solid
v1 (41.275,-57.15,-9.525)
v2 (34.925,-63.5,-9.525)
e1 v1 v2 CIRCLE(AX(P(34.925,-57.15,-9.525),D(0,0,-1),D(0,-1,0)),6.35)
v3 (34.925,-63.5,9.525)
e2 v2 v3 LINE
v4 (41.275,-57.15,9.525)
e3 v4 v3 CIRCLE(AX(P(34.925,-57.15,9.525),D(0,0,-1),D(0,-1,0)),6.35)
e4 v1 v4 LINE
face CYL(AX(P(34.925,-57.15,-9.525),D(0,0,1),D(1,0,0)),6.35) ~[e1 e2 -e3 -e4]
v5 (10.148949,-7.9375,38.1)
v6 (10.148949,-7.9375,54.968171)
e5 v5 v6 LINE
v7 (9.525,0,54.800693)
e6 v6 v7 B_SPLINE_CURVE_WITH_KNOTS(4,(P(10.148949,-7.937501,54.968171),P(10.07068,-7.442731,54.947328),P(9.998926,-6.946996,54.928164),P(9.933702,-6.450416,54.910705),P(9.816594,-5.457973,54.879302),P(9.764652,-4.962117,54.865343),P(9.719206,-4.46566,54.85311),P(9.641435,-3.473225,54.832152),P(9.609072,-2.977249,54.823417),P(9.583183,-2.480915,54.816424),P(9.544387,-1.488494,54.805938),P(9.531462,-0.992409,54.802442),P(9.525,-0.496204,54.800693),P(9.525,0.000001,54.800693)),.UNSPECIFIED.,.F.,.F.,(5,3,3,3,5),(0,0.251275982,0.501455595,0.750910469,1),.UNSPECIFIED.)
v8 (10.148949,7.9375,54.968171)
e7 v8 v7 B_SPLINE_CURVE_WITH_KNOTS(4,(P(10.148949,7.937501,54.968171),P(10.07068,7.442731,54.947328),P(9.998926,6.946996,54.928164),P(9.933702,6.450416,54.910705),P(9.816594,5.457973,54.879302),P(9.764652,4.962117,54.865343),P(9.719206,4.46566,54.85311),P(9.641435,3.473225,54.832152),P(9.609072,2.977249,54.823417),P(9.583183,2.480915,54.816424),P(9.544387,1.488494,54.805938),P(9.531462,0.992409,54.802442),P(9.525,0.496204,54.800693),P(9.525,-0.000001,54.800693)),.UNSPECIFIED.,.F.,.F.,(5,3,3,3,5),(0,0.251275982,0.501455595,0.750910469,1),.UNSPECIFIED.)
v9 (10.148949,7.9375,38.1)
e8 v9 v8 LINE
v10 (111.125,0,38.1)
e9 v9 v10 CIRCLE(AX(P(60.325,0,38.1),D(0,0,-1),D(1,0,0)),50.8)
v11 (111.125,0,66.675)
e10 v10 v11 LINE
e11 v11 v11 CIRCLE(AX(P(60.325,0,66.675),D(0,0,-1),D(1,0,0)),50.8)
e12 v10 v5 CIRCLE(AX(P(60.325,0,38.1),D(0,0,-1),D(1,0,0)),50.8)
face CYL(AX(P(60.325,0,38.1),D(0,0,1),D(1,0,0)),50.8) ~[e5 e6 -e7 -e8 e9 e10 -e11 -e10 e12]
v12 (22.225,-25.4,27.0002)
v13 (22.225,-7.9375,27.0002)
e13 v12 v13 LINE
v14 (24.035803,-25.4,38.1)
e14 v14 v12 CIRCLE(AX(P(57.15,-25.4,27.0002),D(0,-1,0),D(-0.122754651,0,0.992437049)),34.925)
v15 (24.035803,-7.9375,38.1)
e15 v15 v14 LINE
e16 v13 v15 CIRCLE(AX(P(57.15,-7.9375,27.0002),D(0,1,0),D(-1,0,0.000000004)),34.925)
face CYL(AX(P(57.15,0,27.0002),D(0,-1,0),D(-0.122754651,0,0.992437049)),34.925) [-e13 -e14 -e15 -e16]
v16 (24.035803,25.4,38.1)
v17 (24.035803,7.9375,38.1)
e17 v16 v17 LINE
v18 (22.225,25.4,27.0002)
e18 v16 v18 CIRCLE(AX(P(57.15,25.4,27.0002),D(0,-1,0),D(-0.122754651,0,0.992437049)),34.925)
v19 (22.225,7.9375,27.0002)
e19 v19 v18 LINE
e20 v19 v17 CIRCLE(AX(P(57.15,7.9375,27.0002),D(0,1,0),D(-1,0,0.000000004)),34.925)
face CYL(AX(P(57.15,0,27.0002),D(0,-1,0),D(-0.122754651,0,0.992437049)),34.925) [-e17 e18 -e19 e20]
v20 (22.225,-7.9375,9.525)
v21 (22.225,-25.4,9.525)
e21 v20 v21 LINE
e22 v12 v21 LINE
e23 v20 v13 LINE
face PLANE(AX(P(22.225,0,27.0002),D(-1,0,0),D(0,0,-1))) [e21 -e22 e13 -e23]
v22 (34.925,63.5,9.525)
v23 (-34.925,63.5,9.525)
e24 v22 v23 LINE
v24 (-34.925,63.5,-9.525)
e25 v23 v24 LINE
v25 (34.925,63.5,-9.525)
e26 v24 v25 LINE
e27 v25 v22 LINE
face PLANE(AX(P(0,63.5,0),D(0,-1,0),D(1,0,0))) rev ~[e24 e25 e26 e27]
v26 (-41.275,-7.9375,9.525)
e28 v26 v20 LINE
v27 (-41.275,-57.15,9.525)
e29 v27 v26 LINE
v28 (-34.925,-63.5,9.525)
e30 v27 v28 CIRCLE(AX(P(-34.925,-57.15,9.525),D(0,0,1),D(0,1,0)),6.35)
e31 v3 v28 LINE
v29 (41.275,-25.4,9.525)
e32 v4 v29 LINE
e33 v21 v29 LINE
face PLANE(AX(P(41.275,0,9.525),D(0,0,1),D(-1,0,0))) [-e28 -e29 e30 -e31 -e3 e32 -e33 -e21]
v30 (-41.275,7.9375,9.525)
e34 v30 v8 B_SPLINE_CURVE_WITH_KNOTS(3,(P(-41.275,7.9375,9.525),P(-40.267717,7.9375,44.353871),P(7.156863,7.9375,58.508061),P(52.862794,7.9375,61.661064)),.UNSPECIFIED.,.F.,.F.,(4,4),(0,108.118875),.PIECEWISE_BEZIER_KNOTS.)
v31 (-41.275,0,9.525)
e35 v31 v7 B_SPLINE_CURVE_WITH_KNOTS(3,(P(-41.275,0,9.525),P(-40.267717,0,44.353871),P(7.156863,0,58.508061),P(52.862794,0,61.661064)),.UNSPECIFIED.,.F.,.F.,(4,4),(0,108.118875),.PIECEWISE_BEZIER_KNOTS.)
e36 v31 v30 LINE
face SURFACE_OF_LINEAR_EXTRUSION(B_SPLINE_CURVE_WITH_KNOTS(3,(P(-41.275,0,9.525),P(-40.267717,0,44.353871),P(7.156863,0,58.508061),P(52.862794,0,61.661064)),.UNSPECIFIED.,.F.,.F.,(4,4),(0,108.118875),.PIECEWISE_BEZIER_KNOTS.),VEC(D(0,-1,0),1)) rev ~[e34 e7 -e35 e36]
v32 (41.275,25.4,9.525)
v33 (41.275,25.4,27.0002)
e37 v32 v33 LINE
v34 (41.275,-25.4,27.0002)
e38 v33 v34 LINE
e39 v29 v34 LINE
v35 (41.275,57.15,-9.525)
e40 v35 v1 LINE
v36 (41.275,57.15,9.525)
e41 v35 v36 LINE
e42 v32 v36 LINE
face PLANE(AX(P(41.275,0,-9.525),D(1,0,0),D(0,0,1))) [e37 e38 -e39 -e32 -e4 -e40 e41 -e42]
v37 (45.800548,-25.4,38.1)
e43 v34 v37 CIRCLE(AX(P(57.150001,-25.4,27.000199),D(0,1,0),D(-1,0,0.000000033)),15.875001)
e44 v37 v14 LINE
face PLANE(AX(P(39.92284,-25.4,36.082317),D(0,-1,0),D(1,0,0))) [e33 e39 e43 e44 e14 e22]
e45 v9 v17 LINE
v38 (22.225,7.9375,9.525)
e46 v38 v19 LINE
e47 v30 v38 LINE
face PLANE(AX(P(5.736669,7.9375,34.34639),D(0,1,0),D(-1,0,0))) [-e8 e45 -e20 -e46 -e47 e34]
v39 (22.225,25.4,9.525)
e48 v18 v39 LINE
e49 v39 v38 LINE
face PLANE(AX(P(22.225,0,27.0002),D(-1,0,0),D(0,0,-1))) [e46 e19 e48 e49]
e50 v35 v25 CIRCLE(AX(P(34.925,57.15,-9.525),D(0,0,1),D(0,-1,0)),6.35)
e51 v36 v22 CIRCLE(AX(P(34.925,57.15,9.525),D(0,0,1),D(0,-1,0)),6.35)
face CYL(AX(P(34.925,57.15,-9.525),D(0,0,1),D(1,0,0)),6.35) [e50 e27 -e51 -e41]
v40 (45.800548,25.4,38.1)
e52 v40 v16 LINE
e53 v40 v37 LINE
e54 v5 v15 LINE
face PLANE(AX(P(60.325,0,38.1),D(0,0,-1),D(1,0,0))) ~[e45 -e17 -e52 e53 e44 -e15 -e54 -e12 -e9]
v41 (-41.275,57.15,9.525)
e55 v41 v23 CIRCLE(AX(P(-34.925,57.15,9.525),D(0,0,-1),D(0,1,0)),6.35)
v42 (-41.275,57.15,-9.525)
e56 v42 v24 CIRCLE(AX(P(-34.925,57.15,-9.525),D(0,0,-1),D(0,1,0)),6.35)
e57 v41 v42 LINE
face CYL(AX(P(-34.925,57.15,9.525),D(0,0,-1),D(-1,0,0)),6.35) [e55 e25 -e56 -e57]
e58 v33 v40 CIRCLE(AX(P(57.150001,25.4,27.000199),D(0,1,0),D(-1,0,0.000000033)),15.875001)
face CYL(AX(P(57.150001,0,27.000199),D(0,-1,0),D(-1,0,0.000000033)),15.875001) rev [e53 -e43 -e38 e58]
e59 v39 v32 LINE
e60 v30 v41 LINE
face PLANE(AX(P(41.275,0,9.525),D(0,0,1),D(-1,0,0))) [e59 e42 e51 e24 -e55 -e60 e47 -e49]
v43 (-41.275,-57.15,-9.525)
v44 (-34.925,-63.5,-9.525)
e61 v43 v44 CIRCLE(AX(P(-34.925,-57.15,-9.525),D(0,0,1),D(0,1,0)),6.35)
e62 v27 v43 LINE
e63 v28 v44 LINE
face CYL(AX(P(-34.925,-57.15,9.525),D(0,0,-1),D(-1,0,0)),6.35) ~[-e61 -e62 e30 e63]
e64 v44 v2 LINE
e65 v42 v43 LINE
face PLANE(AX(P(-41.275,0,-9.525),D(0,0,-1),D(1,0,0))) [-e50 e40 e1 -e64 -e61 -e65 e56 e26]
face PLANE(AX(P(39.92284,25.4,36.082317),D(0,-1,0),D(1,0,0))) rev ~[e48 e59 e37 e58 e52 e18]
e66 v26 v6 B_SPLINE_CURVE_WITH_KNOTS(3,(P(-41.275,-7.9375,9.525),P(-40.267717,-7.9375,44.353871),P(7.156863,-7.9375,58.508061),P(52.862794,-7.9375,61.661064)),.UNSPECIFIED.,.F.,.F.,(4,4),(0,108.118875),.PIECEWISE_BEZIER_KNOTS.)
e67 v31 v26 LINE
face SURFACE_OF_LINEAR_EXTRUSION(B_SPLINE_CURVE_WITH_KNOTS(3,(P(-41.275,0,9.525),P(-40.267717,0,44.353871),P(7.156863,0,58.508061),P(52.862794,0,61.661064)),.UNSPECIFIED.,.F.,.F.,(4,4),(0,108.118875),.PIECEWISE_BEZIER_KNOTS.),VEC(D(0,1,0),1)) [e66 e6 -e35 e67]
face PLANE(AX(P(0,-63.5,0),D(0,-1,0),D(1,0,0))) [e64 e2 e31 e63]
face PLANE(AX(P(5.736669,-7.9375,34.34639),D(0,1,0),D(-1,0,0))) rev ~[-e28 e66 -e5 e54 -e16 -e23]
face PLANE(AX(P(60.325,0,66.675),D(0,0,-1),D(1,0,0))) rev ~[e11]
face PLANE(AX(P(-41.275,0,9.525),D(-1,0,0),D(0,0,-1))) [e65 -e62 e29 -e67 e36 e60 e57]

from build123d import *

# Parameters (mm, degrees)
F1_DEPTH = 63.5
F2_DEPTH = 25.4
F3_DEPTH = 7.9375
F5_R     = 6.35


with BuildPart() as f1:
    # F0 (on Front) → F1 (new body, symmetric)
    with BuildSketch(Plane.XZ):
        Polygon((22.225, 9.525), (-41.275, 9.525), (-41.275, -9.525), (41.275, -9.525), (41.275, 9.525), align=None)
    extrude(amount=F1_DEPTH, both=True)

    # F0 (on Front) → F2 (join, symmetric)
    with BuildSketch(Plane.XZ):
        with BuildLine():
            Line((22.225, 27.0002), (22.225, 9.525))
            Line((22.225, 9.525), (41.275, 9.525))
            Line((41.275, 9.525), (41.275, 27.0002))
            ThreePointArc((41.275, 27.0002), (45.92468, 38.22552), (57.15, 42.8752))
            Line((57.15, 42.8752), (60.325, 42.8752))
            Line((60.325, 42.8752), (60.325, 61.9252))
            Line((60.325, 61.9252), (57.15, 61.9252))
            add(Edge.make_bspline(
                [(52.862794, 61.661064), (54.29404, 61.759798), (55.723602, 61.847744), (57.15, 61.9252)],
                knots=[108.118875, 108.118875, 108.118875, 108.118875, 111.504536, 111.504536, 111.504536, 111.504536], degree=3))
            ThreePointArc((52.862794, 61.661064), (30.982403, 50.130537), (22.225, 27.0002))
        make_face()
    extrude(amount=F2_DEPTH, both=True)

    # F0 (on Front) → F3 (join, symmetric)
    with BuildSketch(Plane.XZ):
        with BuildLine():
            add(Edge.make_bspline(
                [(-41.275, 9.525), (-40.267717, 44.353871), (7.156863, 58.508061), (52.862794, 61.661064)],
                knots=[0, 0, 0, 0, 108.118875, 108.118875, 108.118875, 108.118875], degree=3))
            Line((-41.275, 9.525), (22.225, 9.525))
            Line((22.225, 9.525), (22.225, 27.0002))
            ThreePointArc((22.225, 27.0002), (30.982403, 50.130537), (52.862794, 61.661064))
        make_face()
    extrude(amount=F3_DEPTH, both=True)

    # F0 (on Front) → F4 (revolve)
    with BuildSketch(Plane.XZ):
        Polygon((60.325, 66.675), (60.325, 61.9252), (60.325, 42.8752), (60.325, 38.1), (111.125, 38.1), (111.125, 66.675), align=None)
    revolve(axis=Axis((60.325, 0, 52.3875), (0, 0, -1)))

    # F5
    f5_edges = [f1.edges().sort_by_distance(p)[0] for p in [
        (-41.275, -63.5, 0),
        (41.275, -63.5, 0),
        (41.275, 63.5, 0),
        (-41.275, 63.5, 0),
    ]]
    fillet(f5_edges, radius=F5_R)


solid = f1.part
